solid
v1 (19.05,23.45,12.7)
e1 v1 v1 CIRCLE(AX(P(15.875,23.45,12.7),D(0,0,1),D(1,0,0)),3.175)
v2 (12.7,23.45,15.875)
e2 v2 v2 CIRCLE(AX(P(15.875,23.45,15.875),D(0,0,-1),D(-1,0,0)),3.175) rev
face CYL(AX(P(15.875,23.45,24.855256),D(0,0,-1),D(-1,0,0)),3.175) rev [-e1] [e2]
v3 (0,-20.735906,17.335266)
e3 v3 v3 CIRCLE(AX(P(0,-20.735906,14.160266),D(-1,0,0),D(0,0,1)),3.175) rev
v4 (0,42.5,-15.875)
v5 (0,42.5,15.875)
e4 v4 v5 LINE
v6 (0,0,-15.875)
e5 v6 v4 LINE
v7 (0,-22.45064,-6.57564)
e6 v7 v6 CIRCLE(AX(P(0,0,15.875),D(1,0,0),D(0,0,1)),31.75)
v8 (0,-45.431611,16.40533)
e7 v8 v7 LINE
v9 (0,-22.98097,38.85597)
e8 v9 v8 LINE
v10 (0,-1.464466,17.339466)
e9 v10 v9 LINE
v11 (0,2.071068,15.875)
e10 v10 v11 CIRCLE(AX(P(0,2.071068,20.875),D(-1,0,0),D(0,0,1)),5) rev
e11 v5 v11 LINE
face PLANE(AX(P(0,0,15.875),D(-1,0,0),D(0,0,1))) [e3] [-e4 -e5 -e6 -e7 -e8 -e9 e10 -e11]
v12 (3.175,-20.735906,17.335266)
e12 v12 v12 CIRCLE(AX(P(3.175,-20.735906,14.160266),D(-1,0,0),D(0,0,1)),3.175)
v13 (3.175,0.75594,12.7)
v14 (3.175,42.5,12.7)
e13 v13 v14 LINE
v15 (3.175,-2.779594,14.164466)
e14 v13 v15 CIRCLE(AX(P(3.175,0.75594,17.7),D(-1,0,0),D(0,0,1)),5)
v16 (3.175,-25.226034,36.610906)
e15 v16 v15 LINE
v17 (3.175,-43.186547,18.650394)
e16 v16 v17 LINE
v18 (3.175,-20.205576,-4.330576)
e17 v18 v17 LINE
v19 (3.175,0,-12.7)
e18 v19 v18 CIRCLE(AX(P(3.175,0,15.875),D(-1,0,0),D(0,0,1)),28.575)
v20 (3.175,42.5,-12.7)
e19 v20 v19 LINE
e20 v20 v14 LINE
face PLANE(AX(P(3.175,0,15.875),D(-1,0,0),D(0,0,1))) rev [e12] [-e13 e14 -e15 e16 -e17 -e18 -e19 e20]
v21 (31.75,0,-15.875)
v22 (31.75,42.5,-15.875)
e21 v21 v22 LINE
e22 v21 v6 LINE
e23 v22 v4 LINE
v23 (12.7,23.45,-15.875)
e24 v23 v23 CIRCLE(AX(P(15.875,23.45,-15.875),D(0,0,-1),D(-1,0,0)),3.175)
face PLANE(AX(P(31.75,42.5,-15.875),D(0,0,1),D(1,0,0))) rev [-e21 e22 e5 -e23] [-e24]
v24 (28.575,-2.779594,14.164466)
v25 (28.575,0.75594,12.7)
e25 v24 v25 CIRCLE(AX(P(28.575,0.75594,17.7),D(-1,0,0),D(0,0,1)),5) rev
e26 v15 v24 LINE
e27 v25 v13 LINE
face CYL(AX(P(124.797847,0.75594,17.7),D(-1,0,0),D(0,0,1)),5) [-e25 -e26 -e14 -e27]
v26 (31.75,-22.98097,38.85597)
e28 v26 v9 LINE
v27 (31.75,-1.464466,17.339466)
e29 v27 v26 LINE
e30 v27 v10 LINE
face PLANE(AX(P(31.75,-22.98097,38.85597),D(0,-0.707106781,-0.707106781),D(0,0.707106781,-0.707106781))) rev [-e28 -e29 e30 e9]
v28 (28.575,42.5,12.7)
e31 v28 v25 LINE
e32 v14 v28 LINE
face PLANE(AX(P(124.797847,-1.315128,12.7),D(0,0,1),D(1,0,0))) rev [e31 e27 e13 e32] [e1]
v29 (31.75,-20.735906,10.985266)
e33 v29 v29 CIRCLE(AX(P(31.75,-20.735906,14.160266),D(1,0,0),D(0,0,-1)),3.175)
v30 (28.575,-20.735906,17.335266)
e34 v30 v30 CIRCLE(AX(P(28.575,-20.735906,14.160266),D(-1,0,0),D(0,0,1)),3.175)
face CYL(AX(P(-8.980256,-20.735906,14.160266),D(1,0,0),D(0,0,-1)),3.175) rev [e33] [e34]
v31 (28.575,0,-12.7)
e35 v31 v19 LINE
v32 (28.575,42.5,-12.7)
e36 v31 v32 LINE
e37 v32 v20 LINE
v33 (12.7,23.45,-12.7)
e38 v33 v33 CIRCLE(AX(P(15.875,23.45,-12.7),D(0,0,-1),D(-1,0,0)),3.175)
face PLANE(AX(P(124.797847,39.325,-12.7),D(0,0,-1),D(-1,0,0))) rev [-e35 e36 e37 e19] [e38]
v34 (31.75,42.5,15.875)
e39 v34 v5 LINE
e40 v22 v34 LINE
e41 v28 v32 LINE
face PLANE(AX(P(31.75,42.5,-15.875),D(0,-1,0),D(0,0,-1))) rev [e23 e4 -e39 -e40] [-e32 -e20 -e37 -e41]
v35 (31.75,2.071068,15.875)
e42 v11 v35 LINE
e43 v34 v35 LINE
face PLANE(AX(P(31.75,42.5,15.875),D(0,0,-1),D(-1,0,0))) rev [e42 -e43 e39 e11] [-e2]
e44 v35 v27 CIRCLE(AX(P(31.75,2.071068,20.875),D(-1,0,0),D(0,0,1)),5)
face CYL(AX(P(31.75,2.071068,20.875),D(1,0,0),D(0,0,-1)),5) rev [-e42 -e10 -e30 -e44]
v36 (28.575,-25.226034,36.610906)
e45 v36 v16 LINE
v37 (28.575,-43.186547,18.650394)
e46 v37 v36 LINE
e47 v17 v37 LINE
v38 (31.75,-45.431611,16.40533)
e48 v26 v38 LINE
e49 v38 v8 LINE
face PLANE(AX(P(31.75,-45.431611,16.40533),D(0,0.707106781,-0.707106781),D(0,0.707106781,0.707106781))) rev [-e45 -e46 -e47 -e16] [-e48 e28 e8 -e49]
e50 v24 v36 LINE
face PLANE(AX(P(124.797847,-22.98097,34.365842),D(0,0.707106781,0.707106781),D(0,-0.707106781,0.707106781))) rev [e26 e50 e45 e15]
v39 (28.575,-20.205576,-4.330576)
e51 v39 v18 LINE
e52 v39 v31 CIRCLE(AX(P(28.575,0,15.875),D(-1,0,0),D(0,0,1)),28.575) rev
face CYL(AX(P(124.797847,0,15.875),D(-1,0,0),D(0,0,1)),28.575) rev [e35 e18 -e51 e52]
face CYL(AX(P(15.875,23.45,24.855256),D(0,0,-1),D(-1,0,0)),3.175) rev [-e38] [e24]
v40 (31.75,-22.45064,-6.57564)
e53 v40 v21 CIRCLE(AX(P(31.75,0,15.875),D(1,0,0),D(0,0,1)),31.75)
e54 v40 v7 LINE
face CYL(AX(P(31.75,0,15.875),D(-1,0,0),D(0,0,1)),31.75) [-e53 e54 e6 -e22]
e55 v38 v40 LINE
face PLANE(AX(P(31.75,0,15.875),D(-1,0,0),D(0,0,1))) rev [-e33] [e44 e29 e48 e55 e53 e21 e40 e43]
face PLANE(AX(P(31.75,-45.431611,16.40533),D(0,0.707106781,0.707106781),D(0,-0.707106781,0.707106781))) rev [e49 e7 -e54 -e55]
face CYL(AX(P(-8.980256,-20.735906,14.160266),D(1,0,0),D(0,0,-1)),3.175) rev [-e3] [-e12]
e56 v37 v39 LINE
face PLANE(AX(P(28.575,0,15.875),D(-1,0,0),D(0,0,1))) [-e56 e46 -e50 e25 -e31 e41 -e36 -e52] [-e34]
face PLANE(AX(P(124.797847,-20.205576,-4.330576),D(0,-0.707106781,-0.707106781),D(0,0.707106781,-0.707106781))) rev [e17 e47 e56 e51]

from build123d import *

# Parameters (mm, degrees)
BOSS_EXTRUDE1_DEPTH = 31.75
CUT_EXTRUDE2_START  = -3.175
CUT_EXTRUDE2_DEPTH  = 25.4
SKETCH4_W           = 25.4
SKETCH4_H           = 25.4
CUT_EXTRUDE3_DEPTH  = 3.175
SKETCH6_W           = 25.4
SKETCH6_H           = 25.4
CUT_EXTRUDE5_DEPTH  = 3.175
FILLET1_R           = 5
CUT_EXTRUDE6_REACH  = 79.895
SKETCH8_R           = 3.175
CUT_EXTRUDE7_REACH  = 69.69
SKETCH9_R           = 3.175


with BuildPart() as part:
    # Sketch1 → Boss-Extrude1 (new body)
    with BuildSketch(Plane(origin=(0, 0, 0), x_dir=(0, 0, -1), z_dir=(1, 0, 0))):
        with BuildLine():
            Line((15.875, 42.5), (-15.875, 42.5))
            Line((-15.875, 42.5), (-15.875, 0))
            Line((-15.875, 0), (-38.855970389, -22.980970389))
            Line((-38.855970389, -22.980970389), (-16.405330086, -45.431610691))
            Line((-16.405330086, -45.431610691), (6.575640303, -22.450640303))
            ThreePointArc((6.575640303, -22.450640303), (13.458175157, -12.150198978), (15.875, 0))
            Line((15.875, 0), (15.875, 42.5))
        make_face()
    extrude(amount=BOSS_EXTRUDE1_DEPTH)

    # Sketch3 → Cut-Extrude2 (cut)
    with BuildSketch(Plane.ZY.offset(CUT_EXTRUDE2_START)):
        with BuildLine():
            Line((16.405330086, -40.941482631), (34.365842328, -22.980970389))
            Line((34.365842328, -22.980970389), (12.7, -1.315128061))
            Line((12.7, -1.315128061), (12.7, 39.325))
            Line((12.7, 39.325), (-12.7, 39.325))
            Line((-12.7, 39.325), (-12.7, 0))
            ThreePointArc((-12.7, 0), (-10.524857642, -10.93517908), (-4.330576272, -20.205576272))
            Line((-4.330576272, -20.205576272), (16.405330086, -40.941482631))
        make_face()
    extrude(amount=-CUT_EXTRUDE2_DEPTH, mode=Mode.SUBTRACT)

    # Sketch4 → Cut-Extrude3 (cut)
    with BuildSketch(Plane(origin=(0, 42.5, 0), x_dir=(1, 0, 0), z_dir=(0, 1, 0))):
        with Locations((15.875, 0)):
            Rectangle(SKETCH4_W, SKETCH4_H)
    extrude(amount=-CUT_EXTRUDE3_DEPTH, mode=Mode.SUBTRACT)

    # Sketch6 → Cut-Extrude5 (cut)
    with BuildSketch(Plane(origin=(0, -30.918470389, 30.918470389), x_dir=(1, 0, 0), z_dir=(0, -0.7071067811865518, 0.7071067811865434))):
        with Locations((15.875, -4.649679849)):
            Rectangle(SKETCH6_W, SKETCH6_H)
    extrude(amount=-CUT_EXTRUDE5_DEPTH, mode=Mode.SUBTRACT)

    # Fillet1
    fillet1_edges = [part.edges().sort_by_distance(p)[0] for p in [
        (15.875, 0, 15.875),
        (15.875, -1.315128061, 12.7),
    ]]
    fillet(fillet1_edges, radius=FILLET1_R)

    # Cut-Extrude6: up to this face of the body (flat: up to its plane)
    cut_extrude6_end = Plane(part.part.faces().sort_by_distance((15.875, 22.285533906, 15.875))[0])
    # Sketch8 → Cut-Extrude6 (cut, up to the picked face)
    with BuildSketch(Plane(origin=(0, 0, -15.875), x_dir=(-1, 0, 0), z_dir=(0, 0, -1)), mode=Mode.PRIVATE) as cut_extrude6_sk1:
        with Locations((-15.875, 23.45)):
            Circle(SKETCH8_R)
    cut_extrude6_tool1 = split(extrude(cut_extrude6_sk1.sketch, amount=-CUT_EXTRUDE6_REACH, mode=Mode.PRIVATE), bisect_by=cut_extrude6_end, keep=Keep.BOTH, mode=Mode.PRIVATE)
    add(cut_extrude6_tool1.solids().sort_by(Axis((15.875, 23.45, -15.875), (0, 0, 1)))[0], mode=Mode.SUBTRACT)

    # Cut-Extrude7: up to this face of the body (flat: up to its plane)
    cut_extrude7_end = Plane(part.part.faces().sort_by_distance((0, 0.759502888, 5.54562078))[0])
    # Sketch9 → Cut-Extrude7 (cut, up to the picked face)
    with BuildSketch(Plane(origin=(31.75, 0, 0), x_dir=(0, 0, -1), z_dir=(1, 0, 0)), mode=Mode.PRIVATE) as cut_extrude7_sk1:
        with Locations(Location((-14.160266056, -20.735906358, 0), (0, 0, 180))):
            Circle(SKETCH9_R)
    cut_extrude7_tool1 = split(extrude(cut_extrude7_sk1.sketch, amount=-CUT_EXTRUDE7_REACH, mode=Mode.PRIVATE), bisect_by=cut_extrude7_end, keep=Keep.BOTH, mode=Mode.PRIVATE)
    add(cut_extrude7_tool1.solids().sort_by(Axis((31.75, -20.735906, 14.160266), (-1, 0, 0)))[0], mode=Mode.SUBTRACT)


solid = part.part
